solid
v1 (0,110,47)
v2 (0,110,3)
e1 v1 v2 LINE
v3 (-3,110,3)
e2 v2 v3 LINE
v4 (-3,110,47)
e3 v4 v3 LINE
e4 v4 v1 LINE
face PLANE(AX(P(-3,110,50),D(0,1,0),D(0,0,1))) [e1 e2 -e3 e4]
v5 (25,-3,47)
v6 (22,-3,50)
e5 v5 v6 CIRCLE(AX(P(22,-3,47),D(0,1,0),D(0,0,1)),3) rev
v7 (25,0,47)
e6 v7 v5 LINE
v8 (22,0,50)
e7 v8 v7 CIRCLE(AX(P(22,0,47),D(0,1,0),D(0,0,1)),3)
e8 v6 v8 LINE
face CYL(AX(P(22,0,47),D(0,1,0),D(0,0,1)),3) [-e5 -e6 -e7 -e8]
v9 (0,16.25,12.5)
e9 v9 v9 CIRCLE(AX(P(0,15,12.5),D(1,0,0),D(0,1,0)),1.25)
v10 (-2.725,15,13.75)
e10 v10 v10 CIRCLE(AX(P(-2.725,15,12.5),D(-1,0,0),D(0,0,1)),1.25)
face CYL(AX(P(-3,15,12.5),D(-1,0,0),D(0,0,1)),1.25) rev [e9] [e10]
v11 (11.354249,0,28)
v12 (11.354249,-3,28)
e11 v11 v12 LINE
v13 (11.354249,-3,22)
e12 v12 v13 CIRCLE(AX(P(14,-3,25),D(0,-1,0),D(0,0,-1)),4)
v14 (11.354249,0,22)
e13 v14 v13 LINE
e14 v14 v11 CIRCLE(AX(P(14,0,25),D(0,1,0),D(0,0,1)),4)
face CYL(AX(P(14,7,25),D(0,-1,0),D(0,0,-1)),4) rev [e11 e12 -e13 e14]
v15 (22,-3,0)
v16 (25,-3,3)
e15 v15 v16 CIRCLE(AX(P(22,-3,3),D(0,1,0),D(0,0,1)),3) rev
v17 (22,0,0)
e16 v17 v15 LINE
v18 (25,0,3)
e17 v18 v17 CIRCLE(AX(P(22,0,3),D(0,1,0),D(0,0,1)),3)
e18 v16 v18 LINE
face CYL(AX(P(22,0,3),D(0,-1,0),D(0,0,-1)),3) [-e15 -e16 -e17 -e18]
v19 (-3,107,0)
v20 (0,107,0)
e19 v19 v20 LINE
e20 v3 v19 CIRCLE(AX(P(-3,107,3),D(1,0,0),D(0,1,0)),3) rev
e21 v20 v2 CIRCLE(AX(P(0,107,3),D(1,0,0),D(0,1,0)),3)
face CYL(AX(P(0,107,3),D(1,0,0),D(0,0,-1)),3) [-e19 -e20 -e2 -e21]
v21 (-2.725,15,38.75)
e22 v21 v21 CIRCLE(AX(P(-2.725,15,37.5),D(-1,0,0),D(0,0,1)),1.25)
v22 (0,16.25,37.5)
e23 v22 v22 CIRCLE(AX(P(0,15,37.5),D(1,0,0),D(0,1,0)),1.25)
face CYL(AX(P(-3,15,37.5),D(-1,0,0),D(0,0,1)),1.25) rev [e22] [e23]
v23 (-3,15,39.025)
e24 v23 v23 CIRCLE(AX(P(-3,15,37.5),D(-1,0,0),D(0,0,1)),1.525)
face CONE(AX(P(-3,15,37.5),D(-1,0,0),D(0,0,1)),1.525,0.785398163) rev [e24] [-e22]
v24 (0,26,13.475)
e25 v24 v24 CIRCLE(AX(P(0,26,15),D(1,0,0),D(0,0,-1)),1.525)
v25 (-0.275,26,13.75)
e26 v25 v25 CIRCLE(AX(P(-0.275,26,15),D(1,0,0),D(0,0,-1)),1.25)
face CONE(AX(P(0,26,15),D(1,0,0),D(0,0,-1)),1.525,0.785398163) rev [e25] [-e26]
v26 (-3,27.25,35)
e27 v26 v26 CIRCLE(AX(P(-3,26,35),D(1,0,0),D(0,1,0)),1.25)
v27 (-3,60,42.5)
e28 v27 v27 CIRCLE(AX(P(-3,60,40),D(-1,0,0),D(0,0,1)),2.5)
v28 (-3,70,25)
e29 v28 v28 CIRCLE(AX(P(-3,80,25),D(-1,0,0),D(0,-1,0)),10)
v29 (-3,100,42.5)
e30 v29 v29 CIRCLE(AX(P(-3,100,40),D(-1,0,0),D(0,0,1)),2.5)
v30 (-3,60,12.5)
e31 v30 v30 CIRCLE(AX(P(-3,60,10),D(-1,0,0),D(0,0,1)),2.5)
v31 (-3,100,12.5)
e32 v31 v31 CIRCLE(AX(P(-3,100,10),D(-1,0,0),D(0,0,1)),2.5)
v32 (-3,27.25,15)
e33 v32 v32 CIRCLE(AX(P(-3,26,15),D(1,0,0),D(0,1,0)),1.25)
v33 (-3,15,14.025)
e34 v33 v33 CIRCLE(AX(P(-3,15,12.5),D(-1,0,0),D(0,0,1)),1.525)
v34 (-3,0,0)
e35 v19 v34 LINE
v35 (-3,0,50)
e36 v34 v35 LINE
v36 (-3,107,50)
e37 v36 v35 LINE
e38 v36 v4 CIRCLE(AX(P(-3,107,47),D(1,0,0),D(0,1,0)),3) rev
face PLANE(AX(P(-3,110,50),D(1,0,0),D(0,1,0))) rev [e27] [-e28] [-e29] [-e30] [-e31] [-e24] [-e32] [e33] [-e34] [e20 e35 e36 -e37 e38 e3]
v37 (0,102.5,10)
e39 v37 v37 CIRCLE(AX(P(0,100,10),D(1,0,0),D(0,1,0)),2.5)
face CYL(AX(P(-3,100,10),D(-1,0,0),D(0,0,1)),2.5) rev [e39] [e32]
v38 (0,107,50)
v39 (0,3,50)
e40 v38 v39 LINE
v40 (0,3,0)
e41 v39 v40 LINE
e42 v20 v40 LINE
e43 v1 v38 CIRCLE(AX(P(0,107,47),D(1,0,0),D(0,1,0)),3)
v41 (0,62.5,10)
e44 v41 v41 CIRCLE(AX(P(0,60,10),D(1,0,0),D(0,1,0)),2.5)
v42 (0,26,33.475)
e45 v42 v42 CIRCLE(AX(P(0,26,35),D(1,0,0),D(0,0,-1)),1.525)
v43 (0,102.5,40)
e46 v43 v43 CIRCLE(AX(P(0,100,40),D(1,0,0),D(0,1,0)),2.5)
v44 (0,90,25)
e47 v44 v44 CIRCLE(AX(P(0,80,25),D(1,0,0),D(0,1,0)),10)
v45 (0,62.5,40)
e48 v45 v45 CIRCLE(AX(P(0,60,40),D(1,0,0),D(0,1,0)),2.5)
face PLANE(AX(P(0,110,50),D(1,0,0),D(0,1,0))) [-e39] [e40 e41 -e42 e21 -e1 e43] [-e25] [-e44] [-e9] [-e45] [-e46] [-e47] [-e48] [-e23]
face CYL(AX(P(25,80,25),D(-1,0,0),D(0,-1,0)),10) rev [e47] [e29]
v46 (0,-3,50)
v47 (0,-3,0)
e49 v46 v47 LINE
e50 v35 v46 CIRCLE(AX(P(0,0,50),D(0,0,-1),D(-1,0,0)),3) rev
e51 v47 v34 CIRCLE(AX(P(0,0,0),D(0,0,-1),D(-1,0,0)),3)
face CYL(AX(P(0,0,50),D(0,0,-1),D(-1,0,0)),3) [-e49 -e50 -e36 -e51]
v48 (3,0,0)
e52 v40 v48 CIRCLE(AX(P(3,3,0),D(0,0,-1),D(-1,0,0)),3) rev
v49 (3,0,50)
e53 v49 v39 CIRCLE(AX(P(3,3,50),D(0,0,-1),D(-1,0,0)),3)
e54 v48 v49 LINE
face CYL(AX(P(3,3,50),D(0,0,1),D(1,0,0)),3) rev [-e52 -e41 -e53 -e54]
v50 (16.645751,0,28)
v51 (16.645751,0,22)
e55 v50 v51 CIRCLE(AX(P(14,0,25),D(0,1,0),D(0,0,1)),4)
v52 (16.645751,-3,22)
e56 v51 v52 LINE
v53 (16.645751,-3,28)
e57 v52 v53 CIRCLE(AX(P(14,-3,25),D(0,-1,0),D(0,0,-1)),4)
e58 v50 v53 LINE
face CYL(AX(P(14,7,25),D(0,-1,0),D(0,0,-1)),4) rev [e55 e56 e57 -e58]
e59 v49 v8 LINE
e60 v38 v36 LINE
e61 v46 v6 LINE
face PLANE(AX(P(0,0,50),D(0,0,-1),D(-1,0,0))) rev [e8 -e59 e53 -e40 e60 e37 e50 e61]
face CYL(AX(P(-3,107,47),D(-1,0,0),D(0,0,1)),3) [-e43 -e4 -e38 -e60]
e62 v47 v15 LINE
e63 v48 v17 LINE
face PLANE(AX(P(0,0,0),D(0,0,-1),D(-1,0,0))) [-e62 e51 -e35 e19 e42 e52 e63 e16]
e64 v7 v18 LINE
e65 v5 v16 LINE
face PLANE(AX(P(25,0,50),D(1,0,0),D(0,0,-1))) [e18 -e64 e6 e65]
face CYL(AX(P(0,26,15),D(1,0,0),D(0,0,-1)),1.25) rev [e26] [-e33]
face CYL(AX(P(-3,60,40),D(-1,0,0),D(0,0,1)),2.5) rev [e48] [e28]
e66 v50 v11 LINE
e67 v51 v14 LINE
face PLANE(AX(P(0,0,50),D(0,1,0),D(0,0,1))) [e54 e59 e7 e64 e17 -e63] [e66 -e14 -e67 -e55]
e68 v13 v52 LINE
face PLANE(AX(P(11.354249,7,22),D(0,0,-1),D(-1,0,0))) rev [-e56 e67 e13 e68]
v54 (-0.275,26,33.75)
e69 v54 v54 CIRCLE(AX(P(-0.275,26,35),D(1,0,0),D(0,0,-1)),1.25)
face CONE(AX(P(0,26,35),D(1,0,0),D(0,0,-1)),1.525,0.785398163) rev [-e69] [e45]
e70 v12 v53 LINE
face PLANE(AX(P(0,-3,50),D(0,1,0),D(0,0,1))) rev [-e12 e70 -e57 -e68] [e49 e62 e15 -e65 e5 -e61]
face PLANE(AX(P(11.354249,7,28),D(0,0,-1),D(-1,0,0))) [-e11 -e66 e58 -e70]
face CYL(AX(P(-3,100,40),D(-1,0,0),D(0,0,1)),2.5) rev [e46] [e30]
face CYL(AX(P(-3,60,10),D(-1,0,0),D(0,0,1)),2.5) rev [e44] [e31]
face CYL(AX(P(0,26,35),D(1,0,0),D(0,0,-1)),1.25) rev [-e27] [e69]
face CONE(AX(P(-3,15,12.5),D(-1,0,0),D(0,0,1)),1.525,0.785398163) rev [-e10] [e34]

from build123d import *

# Parameters (mm, degrees)
EXTRUDE_THIN1_DEPTH         = 50
HOLE1_D                     = 5
SKETCH3_R                   = 10
CUT_EXTRUDE1_DEPTH          = 125.03225387
M3_TAPPED_HOLE1_D           = 2.5
M3_TAPPED_HOLE1_DEPTH       = 7.5
M3_TAPPED_HOLE1_CSINK_D     = 3.05
M3_TAPPED_HOLE1_CSINK_ANGLE = 90
M3_TAPPED_HOLE1_TIP         = 0.751075774
CUT_EXTRUDE2_DEPTH          = 10
FILLET1_R                   = 3
M3_TAPPED_HOLE2_D           = 2.5
M3_TAPPED_HOLE2_DEPTH       = 7.5
M3_TAPPED_HOLE2_CSINK_D     = 3.05
M3_TAPPED_HOLE2_CSINK_ANGLE = 90
M3_TAPPED_HOLE2_TIP         = 0.751075774
FILLET2_R                   = 3
FILLET3_R                   = 3


with BuildPart() as part:
    # Sketch1 → Extrude-Thin1 (new body)
    with BuildSketch(Plane.XY):
        Polygon((0, 110), (0, 0), (25, 0), (25, -3), (-3, -3), (-3, 110), align=None)
    extrude(amount=EXTRUDE_THIN1_DEPTH)

    # Hole1 (through all)
    with Locations(Plane(origin=(-3, 100, 10), x_dir=(0, -1, 0), z_dir=(-1, 0, 0))):
        with Locations((0, 0), (0, 30), (40, 30), (40, 0)):
            Hole(HOLE1_D / 2)

    # Sketch3 → Cut-Extrude1 (cut, through all)
    with BuildSketch(Plane.ZY.offset(3)):
        with Locations(Location((25, 80, 0), (0, 0, 270))):
            Circle(SKETCH3_R)
    extrude(amount=-CUT_EXTRUDE1_DEPTH, mode=Mode.SUBTRACT)

    # M3 Tapped Hole1
    with Locations(Plane(origin=(-3, 15, 12.5), x_dir=(0, -1, 0), z_dir=(-1, 0, 0))):
        with Locations((0, 0), (0, 25)):
            CounterSinkHole(M3_TAPPED_HOLE1_D / 2, M3_TAPPED_HOLE1_CSINK_D / 2, depth=M3_TAPPED_HOLE1_DEPTH, counter_sink_angle=M3_TAPPED_HOLE1_CSINK_ANGLE)
            with Locations((0, 0, -(M3_TAPPED_HOLE1_DEPTH + M3_TAPPED_HOLE1_TIP / 2))):  # 118° drill point
                Cone(0, M3_TAPPED_HOLE1_D / 2, M3_TAPPED_HOLE1_TIP, mode=Mode.SUBTRACT)

    # Sketch5 → Cut-Extrude2 (cut)
    with BuildSketch(Plane(origin=(0, -3, 0), x_dir=(-1, 0, 0), z_dir=(0, -1, 0))):
        with BuildLine():
            Line((-11.354248689, -22), (-16.645751311, -22))
            ThreePointArc((-16.645751311, -22), (-18, -25), (-16.645751311, -28))
            Line((-16.645751311, -28), (-11.354248689, -28))
            ThreePointArc((-11.354248689, -28), (-10, -25), (-11.354248689, -22))
        make_face()
    extrude(amount=-CUT_EXTRUDE2_DEPTH, mode=Mode.SUBTRACT)

    # Fillet1
    fillet1_edges = [part.edges().sort_by_distance(p)[0] for p in [
        (-1.5, 110, 50),
        (-1.5, 110, 0),
        (25, -1.5, 0),
        (25, -1.5, 50),
    ]]
    fillet(fillet1_edges, radius=FILLET1_R)

    # M3 Tapped Hole2
    with Locations(Plane(origin=(0, 26, 35), x_dir=(0, 1, 0), z_dir=(1, 0, 0))):
        with Locations((0, 0), (0, -20)):
            CounterSinkHole(M3_TAPPED_HOLE2_D / 2, M3_TAPPED_HOLE2_CSINK_D / 2, depth=M3_TAPPED_HOLE2_DEPTH, counter_sink_angle=M3_TAPPED_HOLE2_CSINK_ANGLE)
            with Locations((0, 0, -(M3_TAPPED_HOLE2_DEPTH + M3_TAPPED_HOLE2_TIP / 2))):  # 118° drill point
                Cone(0, M3_TAPPED_HOLE2_D / 2, M3_TAPPED_HOLE2_TIP, mode=Mode.SUBTRACT)

    # Fillet2
    fillet2_edges = [part.edges().sort_by_distance(p)[0] for p in [
        (-3, -3, 25),
    ]]
    fillet(fillet2_edges, radius=FILLET2_R)

    # Fillet3
    fillet3_edges = [part.edges().sort_by_distance(p)[0] for p in [
        (0, 0, 25),
    ]]
    fillet(fillet3_edges, radius=FILLET3_R)


solid = part.part
